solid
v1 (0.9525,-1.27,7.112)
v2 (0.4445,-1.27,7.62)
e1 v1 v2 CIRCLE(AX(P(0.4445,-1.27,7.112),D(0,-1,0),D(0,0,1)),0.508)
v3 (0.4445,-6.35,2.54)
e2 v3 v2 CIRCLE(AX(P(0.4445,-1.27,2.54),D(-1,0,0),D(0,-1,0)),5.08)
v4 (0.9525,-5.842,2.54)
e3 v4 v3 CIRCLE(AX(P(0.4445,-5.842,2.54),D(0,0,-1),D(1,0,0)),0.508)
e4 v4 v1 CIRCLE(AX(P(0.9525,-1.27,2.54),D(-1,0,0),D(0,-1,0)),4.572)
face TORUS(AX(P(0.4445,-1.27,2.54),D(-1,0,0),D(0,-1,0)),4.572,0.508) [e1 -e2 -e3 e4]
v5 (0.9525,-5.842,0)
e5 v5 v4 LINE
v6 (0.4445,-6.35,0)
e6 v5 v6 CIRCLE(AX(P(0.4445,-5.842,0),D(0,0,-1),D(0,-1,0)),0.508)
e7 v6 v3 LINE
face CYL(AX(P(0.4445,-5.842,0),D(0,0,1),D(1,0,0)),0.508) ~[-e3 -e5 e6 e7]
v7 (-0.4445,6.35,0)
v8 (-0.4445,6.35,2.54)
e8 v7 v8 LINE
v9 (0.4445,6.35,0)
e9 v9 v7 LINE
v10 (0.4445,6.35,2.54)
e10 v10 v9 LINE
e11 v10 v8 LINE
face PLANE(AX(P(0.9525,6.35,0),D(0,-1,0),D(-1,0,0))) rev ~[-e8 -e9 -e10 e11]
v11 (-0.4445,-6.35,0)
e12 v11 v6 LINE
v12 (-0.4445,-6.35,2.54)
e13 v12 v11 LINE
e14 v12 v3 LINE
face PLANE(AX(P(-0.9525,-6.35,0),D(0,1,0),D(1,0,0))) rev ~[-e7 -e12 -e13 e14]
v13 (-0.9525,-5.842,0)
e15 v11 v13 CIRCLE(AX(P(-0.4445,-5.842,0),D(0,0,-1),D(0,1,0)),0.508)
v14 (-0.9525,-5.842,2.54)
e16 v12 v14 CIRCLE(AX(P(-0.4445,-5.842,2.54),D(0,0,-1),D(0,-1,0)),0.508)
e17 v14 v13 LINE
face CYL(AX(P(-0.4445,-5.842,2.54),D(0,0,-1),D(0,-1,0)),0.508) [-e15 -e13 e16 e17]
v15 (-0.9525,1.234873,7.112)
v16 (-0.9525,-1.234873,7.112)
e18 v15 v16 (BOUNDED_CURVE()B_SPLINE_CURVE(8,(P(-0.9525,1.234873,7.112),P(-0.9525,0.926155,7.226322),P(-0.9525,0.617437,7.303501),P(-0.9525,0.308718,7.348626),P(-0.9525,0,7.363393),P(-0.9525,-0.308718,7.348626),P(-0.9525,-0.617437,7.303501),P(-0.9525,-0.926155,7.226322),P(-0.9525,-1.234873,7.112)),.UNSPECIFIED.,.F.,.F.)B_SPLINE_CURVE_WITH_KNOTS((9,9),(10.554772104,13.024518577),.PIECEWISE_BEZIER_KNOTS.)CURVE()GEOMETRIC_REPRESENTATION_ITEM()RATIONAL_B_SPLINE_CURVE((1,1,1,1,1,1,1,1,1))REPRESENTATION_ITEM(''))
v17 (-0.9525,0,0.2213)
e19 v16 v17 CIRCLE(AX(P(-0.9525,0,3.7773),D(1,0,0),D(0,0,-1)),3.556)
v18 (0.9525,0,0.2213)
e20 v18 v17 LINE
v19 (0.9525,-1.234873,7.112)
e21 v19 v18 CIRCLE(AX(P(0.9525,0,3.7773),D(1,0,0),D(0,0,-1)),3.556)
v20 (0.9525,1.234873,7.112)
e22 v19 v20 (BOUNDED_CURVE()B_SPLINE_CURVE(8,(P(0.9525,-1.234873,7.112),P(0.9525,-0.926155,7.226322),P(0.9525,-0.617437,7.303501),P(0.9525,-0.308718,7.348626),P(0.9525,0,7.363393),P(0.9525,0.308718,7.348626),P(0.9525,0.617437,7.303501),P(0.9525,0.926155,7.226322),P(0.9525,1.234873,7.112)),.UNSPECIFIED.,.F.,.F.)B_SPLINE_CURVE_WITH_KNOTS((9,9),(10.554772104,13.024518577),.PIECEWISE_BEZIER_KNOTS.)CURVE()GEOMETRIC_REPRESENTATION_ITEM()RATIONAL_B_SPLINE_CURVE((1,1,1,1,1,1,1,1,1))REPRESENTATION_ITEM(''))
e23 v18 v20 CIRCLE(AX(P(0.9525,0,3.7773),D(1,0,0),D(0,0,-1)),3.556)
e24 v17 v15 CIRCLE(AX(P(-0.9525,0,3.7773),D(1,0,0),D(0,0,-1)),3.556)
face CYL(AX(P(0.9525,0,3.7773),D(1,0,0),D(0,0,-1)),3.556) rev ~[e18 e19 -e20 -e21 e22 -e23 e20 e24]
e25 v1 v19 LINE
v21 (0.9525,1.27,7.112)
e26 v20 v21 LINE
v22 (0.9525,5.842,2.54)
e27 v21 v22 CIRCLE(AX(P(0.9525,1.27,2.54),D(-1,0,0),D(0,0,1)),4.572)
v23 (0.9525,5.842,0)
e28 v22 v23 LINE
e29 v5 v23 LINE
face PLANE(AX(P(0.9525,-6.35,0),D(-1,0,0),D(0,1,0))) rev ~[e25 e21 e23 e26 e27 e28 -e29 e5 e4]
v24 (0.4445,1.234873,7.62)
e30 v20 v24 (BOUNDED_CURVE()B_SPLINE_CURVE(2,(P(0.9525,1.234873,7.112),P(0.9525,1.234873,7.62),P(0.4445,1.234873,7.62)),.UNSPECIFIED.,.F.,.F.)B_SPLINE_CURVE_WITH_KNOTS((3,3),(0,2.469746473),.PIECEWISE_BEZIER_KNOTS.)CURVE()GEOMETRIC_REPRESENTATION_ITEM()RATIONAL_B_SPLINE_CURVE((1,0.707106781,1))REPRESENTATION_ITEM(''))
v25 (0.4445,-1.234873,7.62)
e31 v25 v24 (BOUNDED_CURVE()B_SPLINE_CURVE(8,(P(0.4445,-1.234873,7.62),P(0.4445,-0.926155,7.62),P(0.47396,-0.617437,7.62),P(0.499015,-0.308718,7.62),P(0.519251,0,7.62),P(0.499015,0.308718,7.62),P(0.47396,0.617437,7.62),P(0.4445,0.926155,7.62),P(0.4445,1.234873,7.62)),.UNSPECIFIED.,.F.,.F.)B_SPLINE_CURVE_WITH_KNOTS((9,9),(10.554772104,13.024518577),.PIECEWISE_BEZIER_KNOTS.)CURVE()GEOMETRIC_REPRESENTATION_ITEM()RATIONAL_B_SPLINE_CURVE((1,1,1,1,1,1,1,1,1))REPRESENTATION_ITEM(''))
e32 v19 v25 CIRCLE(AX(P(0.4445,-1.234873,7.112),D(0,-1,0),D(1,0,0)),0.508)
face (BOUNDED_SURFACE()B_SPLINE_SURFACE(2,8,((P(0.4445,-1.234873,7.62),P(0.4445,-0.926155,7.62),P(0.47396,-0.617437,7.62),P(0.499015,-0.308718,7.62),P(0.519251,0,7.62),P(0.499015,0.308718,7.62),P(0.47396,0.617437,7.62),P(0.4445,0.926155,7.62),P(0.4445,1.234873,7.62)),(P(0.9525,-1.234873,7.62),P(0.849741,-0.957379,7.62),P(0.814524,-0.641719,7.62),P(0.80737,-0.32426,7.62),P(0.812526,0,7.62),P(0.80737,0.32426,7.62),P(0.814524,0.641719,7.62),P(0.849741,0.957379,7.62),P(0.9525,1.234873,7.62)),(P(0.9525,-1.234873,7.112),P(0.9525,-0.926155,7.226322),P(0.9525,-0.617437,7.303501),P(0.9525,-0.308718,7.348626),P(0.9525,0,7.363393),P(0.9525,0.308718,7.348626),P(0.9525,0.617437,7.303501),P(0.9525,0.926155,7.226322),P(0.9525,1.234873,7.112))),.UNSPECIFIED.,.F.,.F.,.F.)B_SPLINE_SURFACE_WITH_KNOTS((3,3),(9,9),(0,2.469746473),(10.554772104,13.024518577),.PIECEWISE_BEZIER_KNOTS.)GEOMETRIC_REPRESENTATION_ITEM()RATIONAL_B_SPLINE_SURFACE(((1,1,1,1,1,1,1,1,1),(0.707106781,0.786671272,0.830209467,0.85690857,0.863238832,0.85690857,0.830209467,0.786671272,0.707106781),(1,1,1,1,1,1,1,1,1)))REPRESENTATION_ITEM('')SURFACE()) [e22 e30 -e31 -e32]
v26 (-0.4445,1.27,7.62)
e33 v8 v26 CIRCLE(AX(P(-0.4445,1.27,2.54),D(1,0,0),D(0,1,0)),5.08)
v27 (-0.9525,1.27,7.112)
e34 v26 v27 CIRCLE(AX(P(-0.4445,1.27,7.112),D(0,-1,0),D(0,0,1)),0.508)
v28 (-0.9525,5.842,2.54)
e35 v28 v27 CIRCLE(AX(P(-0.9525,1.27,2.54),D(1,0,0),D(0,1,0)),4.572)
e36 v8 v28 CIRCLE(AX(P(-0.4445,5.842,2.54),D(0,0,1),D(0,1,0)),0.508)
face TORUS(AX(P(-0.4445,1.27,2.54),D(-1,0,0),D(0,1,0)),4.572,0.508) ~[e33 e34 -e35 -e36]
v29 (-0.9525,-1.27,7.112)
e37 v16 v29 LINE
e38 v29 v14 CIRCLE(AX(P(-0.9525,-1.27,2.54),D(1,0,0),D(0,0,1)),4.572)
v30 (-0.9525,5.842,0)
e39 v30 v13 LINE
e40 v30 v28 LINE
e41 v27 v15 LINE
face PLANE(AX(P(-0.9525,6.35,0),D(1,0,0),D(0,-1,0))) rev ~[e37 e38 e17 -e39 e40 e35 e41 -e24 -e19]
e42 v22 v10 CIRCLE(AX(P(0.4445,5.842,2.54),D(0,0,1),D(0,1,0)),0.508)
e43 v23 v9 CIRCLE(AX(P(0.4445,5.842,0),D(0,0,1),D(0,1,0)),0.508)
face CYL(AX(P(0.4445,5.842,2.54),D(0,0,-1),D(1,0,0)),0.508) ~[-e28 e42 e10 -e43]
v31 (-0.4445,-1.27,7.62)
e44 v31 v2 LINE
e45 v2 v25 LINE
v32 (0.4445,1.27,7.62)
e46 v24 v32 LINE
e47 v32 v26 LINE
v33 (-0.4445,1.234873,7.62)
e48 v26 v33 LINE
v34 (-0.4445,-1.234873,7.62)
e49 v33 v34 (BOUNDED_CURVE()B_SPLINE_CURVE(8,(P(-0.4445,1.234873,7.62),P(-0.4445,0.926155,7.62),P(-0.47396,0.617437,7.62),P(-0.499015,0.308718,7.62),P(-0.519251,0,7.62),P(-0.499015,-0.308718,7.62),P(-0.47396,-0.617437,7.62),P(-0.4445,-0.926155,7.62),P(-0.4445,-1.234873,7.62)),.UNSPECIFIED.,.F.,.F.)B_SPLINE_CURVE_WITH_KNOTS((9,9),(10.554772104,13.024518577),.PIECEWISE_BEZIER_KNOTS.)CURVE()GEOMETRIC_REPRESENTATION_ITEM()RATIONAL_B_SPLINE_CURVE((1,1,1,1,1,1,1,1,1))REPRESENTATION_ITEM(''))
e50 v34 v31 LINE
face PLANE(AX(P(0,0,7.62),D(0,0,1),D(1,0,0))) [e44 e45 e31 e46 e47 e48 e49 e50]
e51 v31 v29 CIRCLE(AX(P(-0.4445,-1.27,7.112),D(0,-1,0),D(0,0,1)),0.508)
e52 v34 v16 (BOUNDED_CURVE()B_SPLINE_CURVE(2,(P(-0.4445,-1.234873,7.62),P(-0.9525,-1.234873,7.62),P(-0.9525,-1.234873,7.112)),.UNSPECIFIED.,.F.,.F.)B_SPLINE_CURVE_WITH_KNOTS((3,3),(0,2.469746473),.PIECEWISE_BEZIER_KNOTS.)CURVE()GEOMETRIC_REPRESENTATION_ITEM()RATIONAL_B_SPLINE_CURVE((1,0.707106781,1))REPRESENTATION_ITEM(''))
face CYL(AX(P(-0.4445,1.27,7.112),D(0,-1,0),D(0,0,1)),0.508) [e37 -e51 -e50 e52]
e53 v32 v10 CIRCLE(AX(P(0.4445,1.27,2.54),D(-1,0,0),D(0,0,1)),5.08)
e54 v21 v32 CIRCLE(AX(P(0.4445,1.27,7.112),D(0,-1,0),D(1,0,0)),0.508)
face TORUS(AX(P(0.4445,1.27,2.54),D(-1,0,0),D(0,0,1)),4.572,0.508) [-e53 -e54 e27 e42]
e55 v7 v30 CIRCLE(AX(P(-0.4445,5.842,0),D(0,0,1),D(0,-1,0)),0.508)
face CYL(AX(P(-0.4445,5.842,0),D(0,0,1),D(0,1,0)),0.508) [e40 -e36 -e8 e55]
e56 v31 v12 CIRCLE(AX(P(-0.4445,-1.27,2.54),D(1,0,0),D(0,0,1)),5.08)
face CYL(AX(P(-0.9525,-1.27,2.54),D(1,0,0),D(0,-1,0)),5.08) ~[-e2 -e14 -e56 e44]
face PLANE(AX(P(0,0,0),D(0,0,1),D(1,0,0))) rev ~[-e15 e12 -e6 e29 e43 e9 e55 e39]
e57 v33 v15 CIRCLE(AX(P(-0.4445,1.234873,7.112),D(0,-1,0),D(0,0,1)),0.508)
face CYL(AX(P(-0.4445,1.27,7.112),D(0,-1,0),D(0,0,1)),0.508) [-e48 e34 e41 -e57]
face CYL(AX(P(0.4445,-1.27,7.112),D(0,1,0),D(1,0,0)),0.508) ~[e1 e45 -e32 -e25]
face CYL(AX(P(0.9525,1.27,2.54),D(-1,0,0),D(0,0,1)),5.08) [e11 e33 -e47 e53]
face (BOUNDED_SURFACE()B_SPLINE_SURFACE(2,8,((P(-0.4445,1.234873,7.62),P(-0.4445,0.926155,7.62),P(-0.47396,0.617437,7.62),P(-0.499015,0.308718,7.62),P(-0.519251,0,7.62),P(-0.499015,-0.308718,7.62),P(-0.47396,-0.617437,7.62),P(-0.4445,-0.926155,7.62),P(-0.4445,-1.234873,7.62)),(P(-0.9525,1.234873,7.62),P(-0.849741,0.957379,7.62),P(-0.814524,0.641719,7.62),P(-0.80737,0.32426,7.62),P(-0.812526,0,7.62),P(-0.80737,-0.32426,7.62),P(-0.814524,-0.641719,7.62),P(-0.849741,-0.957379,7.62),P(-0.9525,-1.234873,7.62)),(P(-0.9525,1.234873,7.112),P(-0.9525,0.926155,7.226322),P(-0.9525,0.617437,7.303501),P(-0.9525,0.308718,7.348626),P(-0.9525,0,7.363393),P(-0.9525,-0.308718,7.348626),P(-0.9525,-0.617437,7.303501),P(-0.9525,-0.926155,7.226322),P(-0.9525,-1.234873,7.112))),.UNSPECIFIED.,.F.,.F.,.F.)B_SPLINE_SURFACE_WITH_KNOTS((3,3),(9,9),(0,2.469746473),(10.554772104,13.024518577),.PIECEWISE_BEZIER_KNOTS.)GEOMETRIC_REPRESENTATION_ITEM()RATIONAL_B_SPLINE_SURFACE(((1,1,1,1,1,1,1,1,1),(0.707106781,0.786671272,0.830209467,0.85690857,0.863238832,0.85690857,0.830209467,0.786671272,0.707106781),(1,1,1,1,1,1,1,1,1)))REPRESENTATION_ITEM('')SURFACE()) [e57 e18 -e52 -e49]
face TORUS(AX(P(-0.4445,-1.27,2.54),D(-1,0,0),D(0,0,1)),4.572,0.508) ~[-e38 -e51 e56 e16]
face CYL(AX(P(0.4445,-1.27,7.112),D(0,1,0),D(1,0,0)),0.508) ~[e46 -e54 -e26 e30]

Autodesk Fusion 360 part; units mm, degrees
sketch "Sketch1" plane through (0, 0, 0) normal (0, 0, 1) x (1, 0, 0)
  line L0 (0.9525, 6.35) -> (-0.9525, 6.35)
  line L1 (-0.9525, 6.35) -> (-0.9525, -6.35)
  line L2 (-0.9525, -6.35) -> (0.9525, -6.35)
  line L3 (0.9525, -6.35) -> (0.9525, 6.35)
  line L4 (0.9525, 6.35) -> (-0.9525, -6.35) construction
  line L5 (-0.9525, 6.35) -> (0.9525, -6.35) construction
  dimension "d7" = 1.905
  dimension "d8" = 12.7
extrude "Extrude1" add sketch "Sketch1" along normal blind 7.62
sketch "Sketch2" plane through (0.9525, 0, 0) normal (1, 0, 0) x (0, 0, -1)
  line L0 (0, -6.35) -> (0, 6.35)
  line L1 (0, 6.35) -> (-7.62, 6.35)
  line L2 (-7.62, 6.35) -> (-7.62, -6.35)
  line L3 (-7.62, -6.35) -> (0, -6.35)
  circle A0 centre (-3.7773, 0) radius 3.556
  dimension "d11" = 7.112
extrude "Extrude2" cut sketch "Sketch2" against normal blind 12.7 contours A0
sketch "Sketch3" plane through (0, 0, 0) normal (0, 0, -1) x (-1, 0, 0)
  line L0 (-0.9525, 6.35) -> (-0.9525, -6.35)
  line L1 (-0.9525, -6.35) -> (0.9525, -6.35)
  line L2 (0.9525, -6.35) -> (0.9525, 6.35)
  line L3 (0.9525, 6.35) -> (-0.9525, 6.35)
  point P0 (-0.9525, 0)
fillet "Fillet1" radius 5.08 2 edges at (0, 6.35, 7.62) (0, -6.35, 7.62)
fillet "Fillet2" radius 0.508 10 edges at (0.9525, -6.35, 1.27) (0.9525, -4.8621, 6.1321) (0.9525, 0, 7.62) (0.9525, 4.8621, 6.1321) (0.9525, 6.35, 1.27) (-0.9525, 6.35, 1.27) (-0.9525, 4.8621, 6.1321) (-0.9525, 0, 7.62) (-0.9525, -4.8621, 6.1321) (-0.9525, -6.35, 1.27)
equation "tabHeight = 0.3 in"
equation "tabWidth = 0.5 in"
equation "tabThickness = 0.075 in"
equation "pinSize = 0.25 in"
equation "pinHoleClearance = 0.03 in"
equation "pinHoleDiameter = pinSize + pinHoleClearance"
equation "d7 = tabThickness"
equation "d8 = tabWidth"
equation "d9 = tabHeight"
equation "d11 = pinHoleDiameter"
